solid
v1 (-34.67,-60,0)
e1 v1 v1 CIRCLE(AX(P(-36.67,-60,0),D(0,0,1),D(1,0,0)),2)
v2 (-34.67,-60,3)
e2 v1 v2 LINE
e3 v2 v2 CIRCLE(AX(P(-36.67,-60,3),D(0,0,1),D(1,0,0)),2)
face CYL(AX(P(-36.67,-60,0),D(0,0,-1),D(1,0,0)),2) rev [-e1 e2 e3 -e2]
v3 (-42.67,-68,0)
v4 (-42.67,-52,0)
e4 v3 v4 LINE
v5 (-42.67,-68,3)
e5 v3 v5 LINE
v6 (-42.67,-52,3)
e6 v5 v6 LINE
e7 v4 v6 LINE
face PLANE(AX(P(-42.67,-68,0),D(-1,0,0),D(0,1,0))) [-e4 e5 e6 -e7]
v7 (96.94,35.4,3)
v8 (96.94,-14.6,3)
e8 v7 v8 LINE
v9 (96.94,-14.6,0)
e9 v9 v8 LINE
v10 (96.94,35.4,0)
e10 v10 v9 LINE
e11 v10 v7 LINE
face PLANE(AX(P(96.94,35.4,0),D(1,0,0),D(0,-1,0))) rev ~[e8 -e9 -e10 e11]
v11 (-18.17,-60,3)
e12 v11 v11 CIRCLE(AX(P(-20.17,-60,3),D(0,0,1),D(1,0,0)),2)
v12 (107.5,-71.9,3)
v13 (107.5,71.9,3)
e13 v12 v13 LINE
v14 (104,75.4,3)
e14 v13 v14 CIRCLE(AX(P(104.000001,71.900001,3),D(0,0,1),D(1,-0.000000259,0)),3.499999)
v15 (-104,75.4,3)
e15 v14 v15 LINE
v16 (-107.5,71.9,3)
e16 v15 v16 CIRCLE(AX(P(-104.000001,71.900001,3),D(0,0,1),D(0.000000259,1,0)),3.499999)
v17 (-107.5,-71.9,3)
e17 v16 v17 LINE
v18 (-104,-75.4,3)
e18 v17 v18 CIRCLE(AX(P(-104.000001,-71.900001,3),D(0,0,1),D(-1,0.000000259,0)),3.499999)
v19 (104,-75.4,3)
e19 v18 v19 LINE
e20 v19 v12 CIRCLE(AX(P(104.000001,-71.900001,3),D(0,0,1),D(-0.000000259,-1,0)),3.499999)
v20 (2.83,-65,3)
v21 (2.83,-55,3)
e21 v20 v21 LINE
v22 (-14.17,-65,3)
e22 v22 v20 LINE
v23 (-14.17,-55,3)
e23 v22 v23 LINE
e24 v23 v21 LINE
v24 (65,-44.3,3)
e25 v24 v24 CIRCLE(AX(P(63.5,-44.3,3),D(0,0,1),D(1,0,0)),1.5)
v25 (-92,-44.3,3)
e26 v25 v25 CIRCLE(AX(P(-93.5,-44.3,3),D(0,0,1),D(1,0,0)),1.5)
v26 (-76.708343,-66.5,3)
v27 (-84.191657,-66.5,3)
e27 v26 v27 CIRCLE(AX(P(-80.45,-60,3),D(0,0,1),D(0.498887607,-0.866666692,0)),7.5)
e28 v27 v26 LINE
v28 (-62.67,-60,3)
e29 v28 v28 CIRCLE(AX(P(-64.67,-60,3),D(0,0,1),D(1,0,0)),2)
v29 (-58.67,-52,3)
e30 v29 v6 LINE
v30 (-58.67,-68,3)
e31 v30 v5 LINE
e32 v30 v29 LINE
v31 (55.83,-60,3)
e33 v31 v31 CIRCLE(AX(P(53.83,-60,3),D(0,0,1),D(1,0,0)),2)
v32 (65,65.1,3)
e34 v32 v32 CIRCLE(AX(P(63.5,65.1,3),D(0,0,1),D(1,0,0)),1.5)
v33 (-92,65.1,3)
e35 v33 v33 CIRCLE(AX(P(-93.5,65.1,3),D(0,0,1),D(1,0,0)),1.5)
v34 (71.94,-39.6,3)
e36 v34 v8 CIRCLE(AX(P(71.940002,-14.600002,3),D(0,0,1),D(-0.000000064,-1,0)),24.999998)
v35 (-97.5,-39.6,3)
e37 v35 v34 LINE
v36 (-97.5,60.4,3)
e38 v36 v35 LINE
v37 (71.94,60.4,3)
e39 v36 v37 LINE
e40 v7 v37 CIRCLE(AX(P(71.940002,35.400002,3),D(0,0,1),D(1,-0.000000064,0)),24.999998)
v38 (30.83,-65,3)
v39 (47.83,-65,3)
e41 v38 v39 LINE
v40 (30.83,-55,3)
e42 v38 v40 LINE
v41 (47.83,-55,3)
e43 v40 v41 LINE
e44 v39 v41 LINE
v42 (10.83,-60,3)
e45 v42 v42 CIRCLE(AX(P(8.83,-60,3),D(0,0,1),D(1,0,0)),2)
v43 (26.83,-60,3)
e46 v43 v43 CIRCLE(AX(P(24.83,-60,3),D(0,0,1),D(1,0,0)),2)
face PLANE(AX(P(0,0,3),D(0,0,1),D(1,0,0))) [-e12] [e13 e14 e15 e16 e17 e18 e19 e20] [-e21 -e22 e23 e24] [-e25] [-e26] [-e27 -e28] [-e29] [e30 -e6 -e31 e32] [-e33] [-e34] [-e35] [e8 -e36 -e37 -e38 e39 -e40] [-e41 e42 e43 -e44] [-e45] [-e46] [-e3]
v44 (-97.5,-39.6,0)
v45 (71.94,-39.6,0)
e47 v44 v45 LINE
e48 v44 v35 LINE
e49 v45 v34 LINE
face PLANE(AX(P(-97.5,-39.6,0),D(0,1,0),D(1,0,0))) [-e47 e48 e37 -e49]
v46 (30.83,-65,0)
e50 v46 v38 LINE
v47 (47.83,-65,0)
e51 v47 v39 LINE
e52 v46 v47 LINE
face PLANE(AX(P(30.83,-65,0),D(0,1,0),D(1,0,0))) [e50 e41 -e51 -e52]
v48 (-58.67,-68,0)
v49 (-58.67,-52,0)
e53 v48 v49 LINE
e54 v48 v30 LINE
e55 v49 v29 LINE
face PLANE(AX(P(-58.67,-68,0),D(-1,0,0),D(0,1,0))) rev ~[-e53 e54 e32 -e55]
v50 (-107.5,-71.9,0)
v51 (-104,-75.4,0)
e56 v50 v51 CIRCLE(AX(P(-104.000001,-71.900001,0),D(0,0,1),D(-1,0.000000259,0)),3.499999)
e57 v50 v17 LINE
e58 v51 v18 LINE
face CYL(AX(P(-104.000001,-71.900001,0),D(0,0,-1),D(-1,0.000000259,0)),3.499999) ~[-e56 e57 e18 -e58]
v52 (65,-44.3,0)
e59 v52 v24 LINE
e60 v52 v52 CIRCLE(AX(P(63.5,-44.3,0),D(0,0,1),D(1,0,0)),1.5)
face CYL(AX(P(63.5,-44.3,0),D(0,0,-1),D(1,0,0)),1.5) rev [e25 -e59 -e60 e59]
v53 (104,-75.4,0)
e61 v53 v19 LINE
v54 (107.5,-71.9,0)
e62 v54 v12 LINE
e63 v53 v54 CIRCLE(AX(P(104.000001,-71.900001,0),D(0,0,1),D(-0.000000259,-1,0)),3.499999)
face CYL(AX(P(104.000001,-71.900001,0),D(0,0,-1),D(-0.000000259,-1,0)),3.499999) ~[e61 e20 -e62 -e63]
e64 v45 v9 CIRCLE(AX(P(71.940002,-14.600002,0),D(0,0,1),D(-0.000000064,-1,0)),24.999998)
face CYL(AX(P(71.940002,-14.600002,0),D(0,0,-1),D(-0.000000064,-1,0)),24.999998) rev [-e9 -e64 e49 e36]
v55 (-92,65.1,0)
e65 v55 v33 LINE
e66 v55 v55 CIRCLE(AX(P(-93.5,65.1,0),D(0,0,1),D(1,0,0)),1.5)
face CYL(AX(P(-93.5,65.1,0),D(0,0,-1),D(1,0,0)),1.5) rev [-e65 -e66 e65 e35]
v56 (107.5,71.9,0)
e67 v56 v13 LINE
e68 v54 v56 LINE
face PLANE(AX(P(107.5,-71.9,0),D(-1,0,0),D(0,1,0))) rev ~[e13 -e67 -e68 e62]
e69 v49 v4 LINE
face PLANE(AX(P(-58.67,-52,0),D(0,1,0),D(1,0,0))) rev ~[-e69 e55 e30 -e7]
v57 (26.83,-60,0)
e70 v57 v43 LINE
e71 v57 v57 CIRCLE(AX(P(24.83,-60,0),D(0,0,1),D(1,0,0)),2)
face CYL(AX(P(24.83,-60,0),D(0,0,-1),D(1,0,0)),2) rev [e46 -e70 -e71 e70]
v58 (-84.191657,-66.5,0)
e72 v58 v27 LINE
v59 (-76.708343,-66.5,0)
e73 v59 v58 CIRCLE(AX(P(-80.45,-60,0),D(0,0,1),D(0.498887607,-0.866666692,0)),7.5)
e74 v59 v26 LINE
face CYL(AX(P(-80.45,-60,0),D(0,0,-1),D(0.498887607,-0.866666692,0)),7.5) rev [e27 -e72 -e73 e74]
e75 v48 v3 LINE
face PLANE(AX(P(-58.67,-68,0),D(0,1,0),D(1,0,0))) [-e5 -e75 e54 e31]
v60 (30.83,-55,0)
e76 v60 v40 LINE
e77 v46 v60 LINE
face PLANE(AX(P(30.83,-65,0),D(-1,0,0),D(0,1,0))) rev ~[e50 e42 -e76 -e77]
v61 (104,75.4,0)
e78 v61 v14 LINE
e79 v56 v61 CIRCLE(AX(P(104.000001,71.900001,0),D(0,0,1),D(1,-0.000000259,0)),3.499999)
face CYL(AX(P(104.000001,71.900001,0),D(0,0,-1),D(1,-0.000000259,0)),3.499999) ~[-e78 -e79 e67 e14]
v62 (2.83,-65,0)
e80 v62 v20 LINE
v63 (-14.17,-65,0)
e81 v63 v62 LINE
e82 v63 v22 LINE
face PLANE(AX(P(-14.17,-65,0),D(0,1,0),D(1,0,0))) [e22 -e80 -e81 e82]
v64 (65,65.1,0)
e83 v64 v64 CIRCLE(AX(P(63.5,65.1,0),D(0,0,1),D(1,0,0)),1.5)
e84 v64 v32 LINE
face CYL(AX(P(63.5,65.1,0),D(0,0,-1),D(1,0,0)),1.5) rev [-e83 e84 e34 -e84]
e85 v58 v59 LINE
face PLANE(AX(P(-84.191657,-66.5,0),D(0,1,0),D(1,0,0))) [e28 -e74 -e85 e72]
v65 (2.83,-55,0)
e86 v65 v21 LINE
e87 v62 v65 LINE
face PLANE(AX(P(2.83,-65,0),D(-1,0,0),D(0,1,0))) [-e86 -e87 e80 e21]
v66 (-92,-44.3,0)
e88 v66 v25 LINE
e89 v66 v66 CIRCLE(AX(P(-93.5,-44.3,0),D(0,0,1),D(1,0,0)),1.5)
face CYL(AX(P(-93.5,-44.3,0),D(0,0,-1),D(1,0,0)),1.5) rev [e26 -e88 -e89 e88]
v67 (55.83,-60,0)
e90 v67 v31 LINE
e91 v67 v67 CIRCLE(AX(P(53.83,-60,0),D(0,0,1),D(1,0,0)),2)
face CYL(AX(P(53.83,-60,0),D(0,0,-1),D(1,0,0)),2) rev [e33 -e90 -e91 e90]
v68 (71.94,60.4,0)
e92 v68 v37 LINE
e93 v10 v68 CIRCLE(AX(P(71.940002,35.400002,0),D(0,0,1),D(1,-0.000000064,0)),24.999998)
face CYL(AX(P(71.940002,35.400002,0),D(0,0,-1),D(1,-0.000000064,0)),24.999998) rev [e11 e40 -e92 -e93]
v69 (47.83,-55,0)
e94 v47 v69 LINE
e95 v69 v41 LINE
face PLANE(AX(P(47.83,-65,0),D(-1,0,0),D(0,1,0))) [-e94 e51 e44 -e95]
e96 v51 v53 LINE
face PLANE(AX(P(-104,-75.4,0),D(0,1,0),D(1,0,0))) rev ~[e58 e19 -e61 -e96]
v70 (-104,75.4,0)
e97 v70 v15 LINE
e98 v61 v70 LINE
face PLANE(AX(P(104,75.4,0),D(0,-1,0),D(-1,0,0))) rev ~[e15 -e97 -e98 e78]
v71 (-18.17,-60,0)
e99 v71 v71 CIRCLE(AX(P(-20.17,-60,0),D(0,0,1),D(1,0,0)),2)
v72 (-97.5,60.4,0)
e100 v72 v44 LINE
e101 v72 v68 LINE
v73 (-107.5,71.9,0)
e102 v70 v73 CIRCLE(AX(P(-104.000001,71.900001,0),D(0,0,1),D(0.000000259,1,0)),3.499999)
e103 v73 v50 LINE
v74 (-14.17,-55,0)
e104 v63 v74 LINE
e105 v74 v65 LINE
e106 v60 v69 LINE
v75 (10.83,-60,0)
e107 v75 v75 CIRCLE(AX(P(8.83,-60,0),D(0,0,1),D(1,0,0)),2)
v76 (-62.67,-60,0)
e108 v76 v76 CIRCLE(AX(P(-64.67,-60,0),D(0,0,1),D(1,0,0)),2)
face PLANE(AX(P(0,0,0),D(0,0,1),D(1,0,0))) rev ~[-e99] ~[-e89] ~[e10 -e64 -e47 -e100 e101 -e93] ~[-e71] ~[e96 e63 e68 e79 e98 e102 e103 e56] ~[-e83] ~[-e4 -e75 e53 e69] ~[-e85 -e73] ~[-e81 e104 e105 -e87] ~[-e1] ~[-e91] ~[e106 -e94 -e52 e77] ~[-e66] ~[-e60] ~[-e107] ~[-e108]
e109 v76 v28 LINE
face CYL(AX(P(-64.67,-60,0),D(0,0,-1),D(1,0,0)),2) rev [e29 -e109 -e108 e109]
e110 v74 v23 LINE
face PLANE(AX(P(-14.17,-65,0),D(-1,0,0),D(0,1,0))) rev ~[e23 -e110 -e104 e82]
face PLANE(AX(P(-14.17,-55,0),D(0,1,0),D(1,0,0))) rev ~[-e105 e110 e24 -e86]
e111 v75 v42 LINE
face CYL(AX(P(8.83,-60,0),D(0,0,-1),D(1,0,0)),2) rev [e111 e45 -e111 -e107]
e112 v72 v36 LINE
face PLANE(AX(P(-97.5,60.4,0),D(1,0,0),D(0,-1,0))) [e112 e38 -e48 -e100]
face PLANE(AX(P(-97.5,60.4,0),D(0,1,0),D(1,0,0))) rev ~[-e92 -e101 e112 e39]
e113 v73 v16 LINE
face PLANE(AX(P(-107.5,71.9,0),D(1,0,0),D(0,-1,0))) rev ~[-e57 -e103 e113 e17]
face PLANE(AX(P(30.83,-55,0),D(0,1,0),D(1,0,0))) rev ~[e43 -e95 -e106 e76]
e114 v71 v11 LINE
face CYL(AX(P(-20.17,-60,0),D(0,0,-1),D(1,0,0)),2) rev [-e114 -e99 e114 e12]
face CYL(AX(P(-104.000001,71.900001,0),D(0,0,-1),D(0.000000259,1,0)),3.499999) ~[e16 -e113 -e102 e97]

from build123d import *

# Parameters (mm, degrees)
SKETCH_R      = 1.5
SKETCH_R_2    = 2
SKETCH_W      = 17
SKETCH_H      = 10
SKETCH_W_2    = 16
SKETCH_H_2    = 16
EXTRUDE_DEPTH = 3


with BuildPart() as part:
    # Sketch → Extrude (new body)
    with BuildSketch(Plane.XY):
        with BuildLine():
            Line((-104, -75.4), (104, -75.4))
            ThreePointArc((104, -75.4), (106.474874, -74.374874), (107.5, -71.9))
            Line((107.5, -71.9), (107.5, 71.9))
            ThreePointArc((107.5, 71.9), (106.474874, 74.374874), (104, 75.4))
            Line((104, 75.4), (-104, 75.4))
            ThreePointArc((-104, 75.4), (-106.474874, 74.374874), (-107.5, 71.9))
            Line((-107.5, 71.9), (-107.5, -71.9))
            ThreePointArc((-107.5, -71.9), (-106.474874, -74.374874), (-104, -75.4))
        make_face()
        with Locations((-93.5, 65.1)):
            Circle(SKETCH_R, mode=Mode.SUBTRACT)
        with Locations((63.5, 65.1)):
            Circle(SKETCH_R, mode=Mode.SUBTRACT)
        with Locations((-93.5, -44.3)):
            Circle(SKETCH_R, mode=Mode.SUBTRACT)
        with Locations((63.5, -44.3)):
            Circle(SKETCH_R, mode=Mode.SUBTRACT)
        with Locations((-20.17, -60)):
            Circle(SKETCH_R_2, mode=Mode.SUBTRACT)
        with Locations((8.83, -60)):
            Circle(SKETCH_R_2, mode=Mode.SUBTRACT)
        with Locations((-64.67, -60)):
            Circle(SKETCH_R_2, mode=Mode.SUBTRACT)
        with Locations((-36.67, -60)):
            Circle(SKETCH_R_2, mode=Mode.SUBTRACT)
        with Locations((24.83, -60)):
            Circle(SKETCH_R_2, mode=Mode.SUBTRACT)
        with Locations((53.83, -60)):
            Circle(SKETCH_R_2, mode=Mode.SUBTRACT)
        with BuildLine():
            Line((-97.5, -39.6), (67.5, -39.6))
            Line((67.5, -39.6), (71.94, -39.6))
            ThreePointArc((71.94, -39.6), (89.61767, -32.27767), (96.94, -14.6))
            Line((96.94, 35.4), (96.94, -14.6))
            ThreePointArc((96.94, 35.4), (89.61767, 53.07767), (71.94, 60.4))
            Line((67.5, 60.4), (71.94, 60.4))
            Line((67.5, 60.4), (-97.5, 60.4))
            Line((-97.5, 60.4), (-97.5, -39.6))
        make_face(mode=Mode.SUBTRACT)
        with BuildLine():
            ThreePointArc((-76.708343, -66.5), (-80.45, -52.5), (-84.191657, -66.5))
            Line((-84.191657, -66.5), (-76.708343, -66.5))
        make_face(mode=Mode.SUBTRACT)
        with Locations((-5.67, -60)):
            Rectangle(SKETCH_W, SKETCH_H, mode=Mode.SUBTRACT)
        with Locations((-50.67, -60)):
            Rectangle(SKETCH_W_2, SKETCH_H_2, mode=Mode.SUBTRACT)
        with Locations((39.33, -60)):
            Rectangle(SKETCH_W, SKETCH_H, mode=Mode.SUBTRACT)
    extrude(amount=EXTRUDE_DEPTH)


solid = part.part
